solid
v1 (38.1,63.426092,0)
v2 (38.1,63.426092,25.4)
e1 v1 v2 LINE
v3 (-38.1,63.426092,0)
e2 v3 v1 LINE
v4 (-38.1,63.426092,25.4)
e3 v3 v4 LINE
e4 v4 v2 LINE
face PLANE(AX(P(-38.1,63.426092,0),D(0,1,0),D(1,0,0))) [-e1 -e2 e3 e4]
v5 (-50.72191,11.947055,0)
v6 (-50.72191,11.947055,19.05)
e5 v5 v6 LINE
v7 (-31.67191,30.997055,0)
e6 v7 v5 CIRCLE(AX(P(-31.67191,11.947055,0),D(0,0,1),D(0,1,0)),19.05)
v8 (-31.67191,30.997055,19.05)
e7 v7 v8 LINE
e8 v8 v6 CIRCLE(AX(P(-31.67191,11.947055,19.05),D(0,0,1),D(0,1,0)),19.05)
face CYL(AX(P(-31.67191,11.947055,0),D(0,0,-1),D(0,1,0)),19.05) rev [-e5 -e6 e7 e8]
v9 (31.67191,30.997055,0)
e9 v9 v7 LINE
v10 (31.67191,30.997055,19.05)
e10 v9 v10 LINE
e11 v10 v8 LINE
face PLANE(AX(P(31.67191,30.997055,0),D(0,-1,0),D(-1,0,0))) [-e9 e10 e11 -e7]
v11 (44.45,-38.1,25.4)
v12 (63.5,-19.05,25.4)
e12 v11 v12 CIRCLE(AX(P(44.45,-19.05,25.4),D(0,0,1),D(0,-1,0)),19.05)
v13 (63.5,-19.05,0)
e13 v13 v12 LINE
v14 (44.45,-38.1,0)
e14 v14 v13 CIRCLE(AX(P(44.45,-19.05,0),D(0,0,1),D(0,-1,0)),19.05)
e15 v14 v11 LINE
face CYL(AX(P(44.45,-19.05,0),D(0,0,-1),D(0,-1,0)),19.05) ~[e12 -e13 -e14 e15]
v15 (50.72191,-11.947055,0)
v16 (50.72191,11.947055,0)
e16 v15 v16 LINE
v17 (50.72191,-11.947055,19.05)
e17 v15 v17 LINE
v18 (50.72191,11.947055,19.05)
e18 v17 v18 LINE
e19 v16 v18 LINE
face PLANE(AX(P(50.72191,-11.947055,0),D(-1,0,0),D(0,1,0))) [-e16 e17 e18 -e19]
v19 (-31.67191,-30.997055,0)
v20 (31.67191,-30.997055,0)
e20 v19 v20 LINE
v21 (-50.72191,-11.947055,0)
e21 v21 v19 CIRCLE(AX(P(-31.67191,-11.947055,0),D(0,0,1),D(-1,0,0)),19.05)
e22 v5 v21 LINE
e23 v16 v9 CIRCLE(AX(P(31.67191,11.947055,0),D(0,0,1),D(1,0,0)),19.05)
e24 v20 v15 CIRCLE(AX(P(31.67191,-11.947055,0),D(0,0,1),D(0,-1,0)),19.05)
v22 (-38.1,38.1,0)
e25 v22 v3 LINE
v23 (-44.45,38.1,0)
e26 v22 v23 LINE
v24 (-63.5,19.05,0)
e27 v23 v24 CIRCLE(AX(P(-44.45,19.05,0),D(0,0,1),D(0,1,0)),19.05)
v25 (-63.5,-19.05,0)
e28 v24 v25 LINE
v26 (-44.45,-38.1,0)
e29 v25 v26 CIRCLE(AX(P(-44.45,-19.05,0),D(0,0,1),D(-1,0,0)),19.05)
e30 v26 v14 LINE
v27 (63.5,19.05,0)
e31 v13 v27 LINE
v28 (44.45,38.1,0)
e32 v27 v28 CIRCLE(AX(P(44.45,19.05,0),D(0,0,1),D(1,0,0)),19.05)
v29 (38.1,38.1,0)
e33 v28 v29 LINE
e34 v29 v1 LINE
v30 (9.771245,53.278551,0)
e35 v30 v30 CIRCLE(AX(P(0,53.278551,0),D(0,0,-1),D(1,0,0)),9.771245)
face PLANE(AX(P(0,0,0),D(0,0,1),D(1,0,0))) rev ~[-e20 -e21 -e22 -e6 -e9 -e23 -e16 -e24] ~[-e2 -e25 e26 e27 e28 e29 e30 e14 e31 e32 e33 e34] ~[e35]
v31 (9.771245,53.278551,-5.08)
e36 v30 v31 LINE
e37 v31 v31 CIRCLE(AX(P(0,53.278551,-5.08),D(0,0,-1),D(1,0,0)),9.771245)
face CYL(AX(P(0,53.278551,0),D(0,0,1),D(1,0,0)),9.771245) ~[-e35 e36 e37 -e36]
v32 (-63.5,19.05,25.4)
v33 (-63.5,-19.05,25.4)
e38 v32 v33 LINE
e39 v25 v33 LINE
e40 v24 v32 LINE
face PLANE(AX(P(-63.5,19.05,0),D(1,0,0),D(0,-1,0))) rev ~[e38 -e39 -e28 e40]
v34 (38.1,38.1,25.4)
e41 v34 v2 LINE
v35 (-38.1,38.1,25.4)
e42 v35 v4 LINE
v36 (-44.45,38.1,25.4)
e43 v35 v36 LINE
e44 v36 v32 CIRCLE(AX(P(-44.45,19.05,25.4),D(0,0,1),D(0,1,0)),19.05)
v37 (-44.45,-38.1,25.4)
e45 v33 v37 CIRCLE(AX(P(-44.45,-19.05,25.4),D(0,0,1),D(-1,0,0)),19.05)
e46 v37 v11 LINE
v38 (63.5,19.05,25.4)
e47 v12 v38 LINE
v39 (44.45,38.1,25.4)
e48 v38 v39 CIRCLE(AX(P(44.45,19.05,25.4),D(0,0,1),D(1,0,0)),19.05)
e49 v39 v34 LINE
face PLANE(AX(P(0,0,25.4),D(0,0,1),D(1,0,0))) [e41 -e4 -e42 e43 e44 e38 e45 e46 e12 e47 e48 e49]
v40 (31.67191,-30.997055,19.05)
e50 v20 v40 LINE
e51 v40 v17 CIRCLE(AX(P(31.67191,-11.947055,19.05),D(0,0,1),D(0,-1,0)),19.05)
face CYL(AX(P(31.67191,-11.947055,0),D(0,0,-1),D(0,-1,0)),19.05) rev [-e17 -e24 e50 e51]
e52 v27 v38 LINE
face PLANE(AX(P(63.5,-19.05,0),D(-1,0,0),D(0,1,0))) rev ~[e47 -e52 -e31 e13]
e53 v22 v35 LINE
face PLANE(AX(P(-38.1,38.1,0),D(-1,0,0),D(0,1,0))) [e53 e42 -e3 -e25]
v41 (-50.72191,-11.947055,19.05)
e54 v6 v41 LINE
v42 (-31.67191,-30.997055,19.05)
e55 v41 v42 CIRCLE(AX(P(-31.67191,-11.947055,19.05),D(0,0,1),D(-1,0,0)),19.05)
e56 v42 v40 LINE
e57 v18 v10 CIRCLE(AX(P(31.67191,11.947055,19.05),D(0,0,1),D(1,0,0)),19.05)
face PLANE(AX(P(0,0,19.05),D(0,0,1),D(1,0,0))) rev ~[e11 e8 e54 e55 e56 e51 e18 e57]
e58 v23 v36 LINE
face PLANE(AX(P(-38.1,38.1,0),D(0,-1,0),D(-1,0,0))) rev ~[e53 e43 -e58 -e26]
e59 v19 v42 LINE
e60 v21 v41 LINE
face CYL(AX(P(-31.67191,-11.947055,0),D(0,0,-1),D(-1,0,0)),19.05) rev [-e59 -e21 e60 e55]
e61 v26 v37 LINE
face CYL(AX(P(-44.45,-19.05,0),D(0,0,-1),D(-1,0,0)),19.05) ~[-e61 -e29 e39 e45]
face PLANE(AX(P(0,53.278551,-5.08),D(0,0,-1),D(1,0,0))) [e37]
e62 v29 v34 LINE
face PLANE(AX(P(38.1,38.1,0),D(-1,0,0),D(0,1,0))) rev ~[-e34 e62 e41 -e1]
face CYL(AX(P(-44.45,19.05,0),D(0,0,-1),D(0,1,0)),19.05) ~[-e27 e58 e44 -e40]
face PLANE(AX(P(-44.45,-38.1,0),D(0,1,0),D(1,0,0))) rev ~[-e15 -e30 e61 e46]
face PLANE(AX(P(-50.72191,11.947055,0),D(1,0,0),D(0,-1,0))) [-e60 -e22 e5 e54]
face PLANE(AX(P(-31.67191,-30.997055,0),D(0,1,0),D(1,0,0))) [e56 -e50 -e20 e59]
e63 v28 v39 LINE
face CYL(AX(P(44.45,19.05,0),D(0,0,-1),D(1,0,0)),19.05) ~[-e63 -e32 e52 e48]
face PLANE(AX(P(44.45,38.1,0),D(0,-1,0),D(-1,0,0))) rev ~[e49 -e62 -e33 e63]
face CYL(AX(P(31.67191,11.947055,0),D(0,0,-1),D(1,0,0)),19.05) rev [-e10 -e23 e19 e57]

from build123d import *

# Parameters (mm, degrees)
F0_W     = 76.2
F0_H     = 25.326092267
F1_DEPTH = 25.4
F2_DEPTH = 19.05
F3_R     = 9.771245389
F4_DEPTH = 5.08


with BuildPart() as f1:
    # F0 (on Top) → F1 (new body)
    with BuildSketch(Plane.XY):
        with BuildLine():
            ThreePointArc((-63.5, -19.05), (-57.9203841816, -32.5203841816), (-44.45, -38.1))
            Line((-44.45, -38.1), (44.45, -38.1))
            ThreePointArc((44.45, -38.1), (57.9203841816, -32.5203841816), (63.5, -19.05))
            Line((63.5, -19.05), (63.5, 19.05))
            ThreePointArc((63.5, 19.05), (57.9203841816, 32.5203841816), (44.45, 38.1))
            Line((44.45, 38.1), (38.1, 38.1))
            Line((38.1, 38.1), (-38.1, 38.1))
            Line((-38.1, 38.1), (-44.45, 38.1))
            ThreePointArc((-44.45, 38.1), (-57.9203841816, 32.5203841816), (-63.5, 19.05))
            Line((-63.5, 19.05), (-63.5, -19.05))
        make_face()
        with BuildLine():
            ThreePointArc((-50.7219098508, 11.9470546514), (-45.1422940324, 25.417438833), (-31.6719098508, 30.9970546514))
            Line((-31.6719098508, 30.9970546514), (31.6719098508, 30.9970546514))
            ThreePointArc((31.6719098508, 30.9970546514), (45.1422940324, 25.417438833), (50.7219098508, 11.9470546514))
            Line((50.7219098508, 11.9470546514), (50.7219098508, -11.9470546514))
            ThreePointArc((50.7219098508, -11.9470546514), (45.1422940324, -25.417438833), (31.6719098508, -30.9970546514))
            Line((31.6719098508, -30.9970546514), (-31.6719098508, -30.9970546514))
            ThreePointArc((-31.6719098508, -30.9970546514), (-45.1422940324, -25.417438833), (-50.7219098508, -11.9470546514))
            Line((-50.7219098508, -11.9470546514), (-50.7219098508, 11.9470546514))
        make_face(mode=Mode.SUBTRACT)
        with BuildLine():
            Line((31.6719098508, 30.9970546514), (-31.6719098508, 30.9970546514))
            ThreePointArc((-31.6719098508, 30.9970546514), (-45.1422940324, 25.417438833), (-50.7219098508, 11.9470546514))
            Line((-50.7219098508, 11.9470546514), (-50.7219098508, -11.9470546514))
            ThreePointArc((-50.7219098508, -11.9470546514), (-45.1422940324, -25.417438833), (-31.6719098508, -30.9970546514))
            Line((-31.6719098508, -30.9970546514), (31.6719098508, -30.9970546514))
            ThreePointArc((31.6719098508, -30.9970546514), (45.1422940324, -25.417438833), (50.7219098508, -11.9470546514))
            Line((50.7219098508, -11.9470546514), (50.7219098508, 11.9470546514))
            ThreePointArc((50.7219098508, 11.9470546514), (45.1422940324, 25.417438833), (31.6719098508, 30.9970546514))
        make_face()
        with Locations((0, 50.7630461335)):
            Rectangle(F0_W, F0_H)
    extrude(amount=F1_DEPTH)

    # F0 (on Top) → F2 (cut)
    with BuildSketch(Plane.XY):
        with BuildLine():
            Line((31.6719098508, 30.9970546514), (-31.6719098508, 30.9970546514))
            ThreePointArc((-31.6719098508, 30.9970546514), (-45.1422940324, 25.417438833), (-50.7219098508, 11.9470546514))
            Line((-50.7219098508, 11.9470546514), (-50.7219098508, -11.9470546514))
            ThreePointArc((-50.7219098508, -11.9470546514), (-45.1422940324, -25.417438833), (-31.6719098508, -30.9970546514))
            Line((-31.6719098508, -30.9970546514), (31.6719098508, -30.9970546514))
            ThreePointArc((31.6719098508, -30.9970546514), (45.1422940324, -25.417438833), (50.7219098508, -11.9470546514))
            Line((50.7219098508, -11.9470546514), (50.7219098508, 11.9470546514))
            ThreePointArc((50.7219098508, 11.9470546514), (45.1422940324, 25.417438833), (31.6719098508, 30.9970546514))
        make_face()
    extrude(amount=F2_DEPTH, mode=Mode.SUBTRACT)

    # F3 (on face) → F4 (join)
    with BuildSketch(Plane(origin=(0, 0, 0), x_dir=(1, 0, 0), z_dir=(0, 0, -1))):
        with Locations((0, -53.2785505056)):
            Circle(F3_R)
    extrude(amount=F4_DEPTH)


solid = f1.part
